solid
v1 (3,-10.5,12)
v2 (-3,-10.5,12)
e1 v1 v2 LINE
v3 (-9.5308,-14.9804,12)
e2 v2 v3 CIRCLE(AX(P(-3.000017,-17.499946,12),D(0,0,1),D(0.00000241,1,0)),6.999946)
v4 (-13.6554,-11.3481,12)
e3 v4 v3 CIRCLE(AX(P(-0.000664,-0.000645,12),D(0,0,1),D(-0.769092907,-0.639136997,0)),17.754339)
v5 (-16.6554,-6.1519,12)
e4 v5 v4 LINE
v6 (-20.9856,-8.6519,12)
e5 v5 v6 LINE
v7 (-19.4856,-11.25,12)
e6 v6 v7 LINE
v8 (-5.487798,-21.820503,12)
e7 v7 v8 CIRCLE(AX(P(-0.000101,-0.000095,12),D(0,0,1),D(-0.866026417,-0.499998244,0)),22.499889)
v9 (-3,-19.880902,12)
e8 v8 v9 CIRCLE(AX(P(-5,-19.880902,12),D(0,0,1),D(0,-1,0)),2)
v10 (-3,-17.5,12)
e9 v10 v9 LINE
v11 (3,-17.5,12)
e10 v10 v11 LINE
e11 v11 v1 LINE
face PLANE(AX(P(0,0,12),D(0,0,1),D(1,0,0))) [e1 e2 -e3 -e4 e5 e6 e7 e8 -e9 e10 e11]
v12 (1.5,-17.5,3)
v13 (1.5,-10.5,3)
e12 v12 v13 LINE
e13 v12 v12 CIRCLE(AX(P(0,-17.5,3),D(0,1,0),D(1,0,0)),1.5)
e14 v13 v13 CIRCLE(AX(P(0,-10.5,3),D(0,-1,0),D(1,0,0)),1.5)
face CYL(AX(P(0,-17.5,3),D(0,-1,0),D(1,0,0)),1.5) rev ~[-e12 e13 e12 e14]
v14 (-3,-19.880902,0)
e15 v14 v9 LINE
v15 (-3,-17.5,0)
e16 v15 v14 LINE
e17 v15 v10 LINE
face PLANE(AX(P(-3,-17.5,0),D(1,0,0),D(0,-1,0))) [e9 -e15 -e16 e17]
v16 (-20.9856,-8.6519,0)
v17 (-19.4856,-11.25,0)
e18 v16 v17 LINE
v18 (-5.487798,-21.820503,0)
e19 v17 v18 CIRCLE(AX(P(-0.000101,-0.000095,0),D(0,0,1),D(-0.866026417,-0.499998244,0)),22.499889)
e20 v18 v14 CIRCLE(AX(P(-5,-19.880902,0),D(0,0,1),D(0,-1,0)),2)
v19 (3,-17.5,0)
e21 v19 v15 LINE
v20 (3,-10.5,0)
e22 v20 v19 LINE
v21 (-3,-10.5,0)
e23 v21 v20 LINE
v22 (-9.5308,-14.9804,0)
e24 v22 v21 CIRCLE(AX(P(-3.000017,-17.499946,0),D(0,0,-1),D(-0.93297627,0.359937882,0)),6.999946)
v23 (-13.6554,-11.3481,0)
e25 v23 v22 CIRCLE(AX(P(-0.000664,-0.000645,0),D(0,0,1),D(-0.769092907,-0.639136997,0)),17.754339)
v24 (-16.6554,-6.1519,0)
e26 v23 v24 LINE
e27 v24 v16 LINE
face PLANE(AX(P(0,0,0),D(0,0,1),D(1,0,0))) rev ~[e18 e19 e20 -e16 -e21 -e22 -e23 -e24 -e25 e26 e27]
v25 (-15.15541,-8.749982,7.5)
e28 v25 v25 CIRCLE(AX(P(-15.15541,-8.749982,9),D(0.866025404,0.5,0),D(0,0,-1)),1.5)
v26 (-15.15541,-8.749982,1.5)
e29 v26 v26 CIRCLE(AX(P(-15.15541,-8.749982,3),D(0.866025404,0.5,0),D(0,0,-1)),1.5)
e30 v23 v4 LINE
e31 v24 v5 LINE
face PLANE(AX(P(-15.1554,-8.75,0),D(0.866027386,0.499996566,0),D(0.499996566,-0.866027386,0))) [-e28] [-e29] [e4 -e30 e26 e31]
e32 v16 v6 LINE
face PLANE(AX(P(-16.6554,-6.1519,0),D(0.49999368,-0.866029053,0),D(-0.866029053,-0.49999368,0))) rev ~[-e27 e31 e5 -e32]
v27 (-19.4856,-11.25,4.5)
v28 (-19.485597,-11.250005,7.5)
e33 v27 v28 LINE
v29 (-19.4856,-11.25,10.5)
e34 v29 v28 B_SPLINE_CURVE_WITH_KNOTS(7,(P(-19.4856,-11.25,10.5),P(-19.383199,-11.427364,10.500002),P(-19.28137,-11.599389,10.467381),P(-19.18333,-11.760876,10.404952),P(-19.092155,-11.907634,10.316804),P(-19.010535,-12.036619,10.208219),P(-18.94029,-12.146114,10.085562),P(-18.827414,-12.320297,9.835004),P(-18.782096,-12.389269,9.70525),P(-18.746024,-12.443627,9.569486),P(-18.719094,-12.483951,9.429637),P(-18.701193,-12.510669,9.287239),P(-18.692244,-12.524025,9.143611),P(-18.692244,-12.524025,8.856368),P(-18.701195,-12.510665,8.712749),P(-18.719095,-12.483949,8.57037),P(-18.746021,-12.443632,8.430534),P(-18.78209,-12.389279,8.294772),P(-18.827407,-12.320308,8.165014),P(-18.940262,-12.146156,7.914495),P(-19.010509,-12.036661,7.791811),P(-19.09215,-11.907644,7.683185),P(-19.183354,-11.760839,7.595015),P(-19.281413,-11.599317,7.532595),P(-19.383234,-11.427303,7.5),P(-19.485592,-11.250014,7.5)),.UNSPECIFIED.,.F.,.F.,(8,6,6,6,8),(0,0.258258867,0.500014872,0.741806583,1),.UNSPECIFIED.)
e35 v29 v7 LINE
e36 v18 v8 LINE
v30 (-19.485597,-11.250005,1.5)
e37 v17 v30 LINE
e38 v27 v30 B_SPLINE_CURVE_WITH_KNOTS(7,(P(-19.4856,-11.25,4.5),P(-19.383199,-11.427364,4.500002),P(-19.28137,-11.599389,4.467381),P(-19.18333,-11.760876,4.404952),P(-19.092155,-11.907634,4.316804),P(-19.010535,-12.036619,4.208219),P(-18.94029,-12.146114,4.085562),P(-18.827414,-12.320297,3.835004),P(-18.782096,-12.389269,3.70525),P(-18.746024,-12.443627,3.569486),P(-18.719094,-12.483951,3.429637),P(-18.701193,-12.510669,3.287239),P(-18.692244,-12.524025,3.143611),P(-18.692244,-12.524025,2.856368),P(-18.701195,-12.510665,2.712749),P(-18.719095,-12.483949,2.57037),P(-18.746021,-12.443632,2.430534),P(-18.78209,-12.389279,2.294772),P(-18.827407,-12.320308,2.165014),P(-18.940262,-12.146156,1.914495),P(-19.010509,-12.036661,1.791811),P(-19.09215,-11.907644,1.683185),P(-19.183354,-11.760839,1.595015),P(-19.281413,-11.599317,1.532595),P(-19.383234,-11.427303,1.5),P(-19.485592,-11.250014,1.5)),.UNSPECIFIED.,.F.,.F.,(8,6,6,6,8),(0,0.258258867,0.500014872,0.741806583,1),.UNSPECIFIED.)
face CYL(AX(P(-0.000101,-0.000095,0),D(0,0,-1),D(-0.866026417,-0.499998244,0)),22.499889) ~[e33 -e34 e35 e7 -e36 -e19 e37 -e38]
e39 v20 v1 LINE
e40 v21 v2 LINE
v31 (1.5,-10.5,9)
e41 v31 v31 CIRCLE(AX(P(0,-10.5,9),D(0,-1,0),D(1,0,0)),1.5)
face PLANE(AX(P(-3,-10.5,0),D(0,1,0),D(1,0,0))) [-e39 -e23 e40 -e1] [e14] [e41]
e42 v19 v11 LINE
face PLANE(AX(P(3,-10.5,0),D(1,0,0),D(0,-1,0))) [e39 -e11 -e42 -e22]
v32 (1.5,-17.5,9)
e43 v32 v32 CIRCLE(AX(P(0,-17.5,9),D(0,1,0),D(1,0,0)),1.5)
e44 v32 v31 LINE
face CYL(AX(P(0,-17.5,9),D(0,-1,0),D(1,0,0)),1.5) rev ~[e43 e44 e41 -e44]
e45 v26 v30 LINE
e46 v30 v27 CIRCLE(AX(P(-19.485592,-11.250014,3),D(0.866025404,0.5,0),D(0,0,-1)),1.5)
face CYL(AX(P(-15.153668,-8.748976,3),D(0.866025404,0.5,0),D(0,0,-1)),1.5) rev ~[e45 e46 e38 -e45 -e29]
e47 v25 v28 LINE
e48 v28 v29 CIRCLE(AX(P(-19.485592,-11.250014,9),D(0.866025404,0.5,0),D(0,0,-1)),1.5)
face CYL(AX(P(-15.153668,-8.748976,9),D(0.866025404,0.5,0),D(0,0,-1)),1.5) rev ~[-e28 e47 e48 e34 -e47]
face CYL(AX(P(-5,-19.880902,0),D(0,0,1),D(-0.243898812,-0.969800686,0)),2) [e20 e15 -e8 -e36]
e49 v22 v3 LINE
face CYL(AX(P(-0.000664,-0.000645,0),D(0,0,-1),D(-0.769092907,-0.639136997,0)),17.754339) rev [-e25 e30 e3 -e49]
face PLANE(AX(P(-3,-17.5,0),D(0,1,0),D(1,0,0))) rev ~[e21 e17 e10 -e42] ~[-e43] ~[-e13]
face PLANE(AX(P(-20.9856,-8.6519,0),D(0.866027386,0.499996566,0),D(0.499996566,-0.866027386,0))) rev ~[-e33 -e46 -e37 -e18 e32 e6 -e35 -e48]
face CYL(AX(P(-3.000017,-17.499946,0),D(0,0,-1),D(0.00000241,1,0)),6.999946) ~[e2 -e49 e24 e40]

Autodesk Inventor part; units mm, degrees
ref_plane "YZ Plane" through (0, 0, 0) normal (1, 0, 0) x (0, 1, 0)
ref_plane "XZ Plane" through (0, 0, 0) normal (0, 1, 0) x (-1, 0, 0)
ref_plane "XY Plane" through (0, 0, 0) normal (0, 0, 1) x (1, 0, 0)
sketch "Sketch1" plane through (0, 0, 0) normal (0, 0, 1) x (1, 0, 0)
  circle A0 centre (0, 0) radius 17.5
  line L0 (-15.1554, -8.75) -> (-13.6554, -11.3481)
  line L1 (-15.1554, -8.75) -> (-16.6554, -6.1519)
  line L2 (0, 0) -> (0, -17.5)
  line L3 (0, 0) -> (15.1554, -8.75)
  line L4 (0, 0) -> (17.5, 0) construction
  line L5 (0, 0) -> (17.5, 0) construction
  line L6 (0, 17.5) -> (0, -17.5)
  line L7 (-15.1554, -8.75) -> (0, 0)
  line L8 (0, -17.5) -> (3, -17.5)
  line L9 (3, -17.5) -> (3, -20.5)
  line L10 (-3, -17.5) -> (0, -17.5)
  line L11 (-3, -17.5) -> (-3, -14)
  line L12 (-3, -10.5) -> (3, -10.5)
  line L13 (3, -10.5) -> (3, -17.5)
  arc A1 (-3, -10.5) -> (-9.5308, -14.9804) centre (-3, -17.5) ccw
  arc A2 (-13.6554, -11.3481) -> (-9.5308, -14.9804) centre (0, 0) ccw
  line L14 (-16.6554, -6.1519) -> (-20.9856, -8.6519)
  line L15 (-20.9856, -8.6519) -> (-19.4856, -11.25)
  arc A3 (-19.4856, -11.25) -> (-3, -22.2991) centre (0, 0) ccw
  line L16 (-3, -14) -> (-3, -22.2991)
  point P0 (0, -10.5)
  point P1 (-3, -17.2409)
  point P2 (3, -17.2409)
  point P3 (-9.4329, -14.7401)
  point P4 (-3, -17.2409)
  dimension "d0" = 35
  dimension "d1" = 3
  dimension "d3" = 3
  dimension "d4" = 330
  dimension "d6" = 35
  dimension "d8" = 3
  dimension "d9" = 3
  dimension "d29" = 7
  dimension "d30" = 6
  dimension "d32" = 5
  dimension "d33" = 3
extrude "Extrusion1" add sketch "Sketch1" along normal blind 12 contours L0 A2 A1 A0 L11 L16 A3 L15 L14 L1 | L13 L8 A0 | A0 L2 L12 L13 | A1 L12 L2 A0 | L10 L11 A0
sketch "Sketch2" plane through (-16.6554, -6.1519, 12) normal (0.866, 0.5, 0) x (0, 0, -1)
  line L0 (0, 0) -> (0, -3)
  line L1 (12, -6) -> (0, -6) projected
  line L2 (0, -3) -> (12, -3)
  line L3 (0, -3) -> (3, -3)
  line L4 (3, -3) -> (9, -3)
  circle A0 centre (3, -3) radius 1.5
  circle A1 centre (9, -3) radius 1.5
  dimension "d14" = 3
  dimension "d15" = 3
  dimension "d16" = 6
  dimension "d17" = 3
  dimension "d18" = 3
extrude "Extrusion2" cut sketch "Sketch2" against normal blind 12
sketch "Sketch3" plane through (-3, -17.5, 0) normal (0, -1, 0) x (1, 0, 0)
  line L0 (6, 12) -> (0, 12) projected
  line L1 (3, 0) -> (3, 3)
  line L2 (3, 3) -> (3, 9)
  circle A0 centre (3, 3) radius 1.5
  circle A1 centre (3, 9) radius 1.5
  dimension "d23" = 3
  dimension "d24" = 6
  dimension "d25" = 3
  dimension "d26" = 3
extrude "Extrusion3" cut sketch "Sketch3" against normal blind 12
fillet "Fillet1" radius 2 1 edges at (-3, -22.2991, 6)
properties part number "acopleV2" material "Iron, Ductile"
